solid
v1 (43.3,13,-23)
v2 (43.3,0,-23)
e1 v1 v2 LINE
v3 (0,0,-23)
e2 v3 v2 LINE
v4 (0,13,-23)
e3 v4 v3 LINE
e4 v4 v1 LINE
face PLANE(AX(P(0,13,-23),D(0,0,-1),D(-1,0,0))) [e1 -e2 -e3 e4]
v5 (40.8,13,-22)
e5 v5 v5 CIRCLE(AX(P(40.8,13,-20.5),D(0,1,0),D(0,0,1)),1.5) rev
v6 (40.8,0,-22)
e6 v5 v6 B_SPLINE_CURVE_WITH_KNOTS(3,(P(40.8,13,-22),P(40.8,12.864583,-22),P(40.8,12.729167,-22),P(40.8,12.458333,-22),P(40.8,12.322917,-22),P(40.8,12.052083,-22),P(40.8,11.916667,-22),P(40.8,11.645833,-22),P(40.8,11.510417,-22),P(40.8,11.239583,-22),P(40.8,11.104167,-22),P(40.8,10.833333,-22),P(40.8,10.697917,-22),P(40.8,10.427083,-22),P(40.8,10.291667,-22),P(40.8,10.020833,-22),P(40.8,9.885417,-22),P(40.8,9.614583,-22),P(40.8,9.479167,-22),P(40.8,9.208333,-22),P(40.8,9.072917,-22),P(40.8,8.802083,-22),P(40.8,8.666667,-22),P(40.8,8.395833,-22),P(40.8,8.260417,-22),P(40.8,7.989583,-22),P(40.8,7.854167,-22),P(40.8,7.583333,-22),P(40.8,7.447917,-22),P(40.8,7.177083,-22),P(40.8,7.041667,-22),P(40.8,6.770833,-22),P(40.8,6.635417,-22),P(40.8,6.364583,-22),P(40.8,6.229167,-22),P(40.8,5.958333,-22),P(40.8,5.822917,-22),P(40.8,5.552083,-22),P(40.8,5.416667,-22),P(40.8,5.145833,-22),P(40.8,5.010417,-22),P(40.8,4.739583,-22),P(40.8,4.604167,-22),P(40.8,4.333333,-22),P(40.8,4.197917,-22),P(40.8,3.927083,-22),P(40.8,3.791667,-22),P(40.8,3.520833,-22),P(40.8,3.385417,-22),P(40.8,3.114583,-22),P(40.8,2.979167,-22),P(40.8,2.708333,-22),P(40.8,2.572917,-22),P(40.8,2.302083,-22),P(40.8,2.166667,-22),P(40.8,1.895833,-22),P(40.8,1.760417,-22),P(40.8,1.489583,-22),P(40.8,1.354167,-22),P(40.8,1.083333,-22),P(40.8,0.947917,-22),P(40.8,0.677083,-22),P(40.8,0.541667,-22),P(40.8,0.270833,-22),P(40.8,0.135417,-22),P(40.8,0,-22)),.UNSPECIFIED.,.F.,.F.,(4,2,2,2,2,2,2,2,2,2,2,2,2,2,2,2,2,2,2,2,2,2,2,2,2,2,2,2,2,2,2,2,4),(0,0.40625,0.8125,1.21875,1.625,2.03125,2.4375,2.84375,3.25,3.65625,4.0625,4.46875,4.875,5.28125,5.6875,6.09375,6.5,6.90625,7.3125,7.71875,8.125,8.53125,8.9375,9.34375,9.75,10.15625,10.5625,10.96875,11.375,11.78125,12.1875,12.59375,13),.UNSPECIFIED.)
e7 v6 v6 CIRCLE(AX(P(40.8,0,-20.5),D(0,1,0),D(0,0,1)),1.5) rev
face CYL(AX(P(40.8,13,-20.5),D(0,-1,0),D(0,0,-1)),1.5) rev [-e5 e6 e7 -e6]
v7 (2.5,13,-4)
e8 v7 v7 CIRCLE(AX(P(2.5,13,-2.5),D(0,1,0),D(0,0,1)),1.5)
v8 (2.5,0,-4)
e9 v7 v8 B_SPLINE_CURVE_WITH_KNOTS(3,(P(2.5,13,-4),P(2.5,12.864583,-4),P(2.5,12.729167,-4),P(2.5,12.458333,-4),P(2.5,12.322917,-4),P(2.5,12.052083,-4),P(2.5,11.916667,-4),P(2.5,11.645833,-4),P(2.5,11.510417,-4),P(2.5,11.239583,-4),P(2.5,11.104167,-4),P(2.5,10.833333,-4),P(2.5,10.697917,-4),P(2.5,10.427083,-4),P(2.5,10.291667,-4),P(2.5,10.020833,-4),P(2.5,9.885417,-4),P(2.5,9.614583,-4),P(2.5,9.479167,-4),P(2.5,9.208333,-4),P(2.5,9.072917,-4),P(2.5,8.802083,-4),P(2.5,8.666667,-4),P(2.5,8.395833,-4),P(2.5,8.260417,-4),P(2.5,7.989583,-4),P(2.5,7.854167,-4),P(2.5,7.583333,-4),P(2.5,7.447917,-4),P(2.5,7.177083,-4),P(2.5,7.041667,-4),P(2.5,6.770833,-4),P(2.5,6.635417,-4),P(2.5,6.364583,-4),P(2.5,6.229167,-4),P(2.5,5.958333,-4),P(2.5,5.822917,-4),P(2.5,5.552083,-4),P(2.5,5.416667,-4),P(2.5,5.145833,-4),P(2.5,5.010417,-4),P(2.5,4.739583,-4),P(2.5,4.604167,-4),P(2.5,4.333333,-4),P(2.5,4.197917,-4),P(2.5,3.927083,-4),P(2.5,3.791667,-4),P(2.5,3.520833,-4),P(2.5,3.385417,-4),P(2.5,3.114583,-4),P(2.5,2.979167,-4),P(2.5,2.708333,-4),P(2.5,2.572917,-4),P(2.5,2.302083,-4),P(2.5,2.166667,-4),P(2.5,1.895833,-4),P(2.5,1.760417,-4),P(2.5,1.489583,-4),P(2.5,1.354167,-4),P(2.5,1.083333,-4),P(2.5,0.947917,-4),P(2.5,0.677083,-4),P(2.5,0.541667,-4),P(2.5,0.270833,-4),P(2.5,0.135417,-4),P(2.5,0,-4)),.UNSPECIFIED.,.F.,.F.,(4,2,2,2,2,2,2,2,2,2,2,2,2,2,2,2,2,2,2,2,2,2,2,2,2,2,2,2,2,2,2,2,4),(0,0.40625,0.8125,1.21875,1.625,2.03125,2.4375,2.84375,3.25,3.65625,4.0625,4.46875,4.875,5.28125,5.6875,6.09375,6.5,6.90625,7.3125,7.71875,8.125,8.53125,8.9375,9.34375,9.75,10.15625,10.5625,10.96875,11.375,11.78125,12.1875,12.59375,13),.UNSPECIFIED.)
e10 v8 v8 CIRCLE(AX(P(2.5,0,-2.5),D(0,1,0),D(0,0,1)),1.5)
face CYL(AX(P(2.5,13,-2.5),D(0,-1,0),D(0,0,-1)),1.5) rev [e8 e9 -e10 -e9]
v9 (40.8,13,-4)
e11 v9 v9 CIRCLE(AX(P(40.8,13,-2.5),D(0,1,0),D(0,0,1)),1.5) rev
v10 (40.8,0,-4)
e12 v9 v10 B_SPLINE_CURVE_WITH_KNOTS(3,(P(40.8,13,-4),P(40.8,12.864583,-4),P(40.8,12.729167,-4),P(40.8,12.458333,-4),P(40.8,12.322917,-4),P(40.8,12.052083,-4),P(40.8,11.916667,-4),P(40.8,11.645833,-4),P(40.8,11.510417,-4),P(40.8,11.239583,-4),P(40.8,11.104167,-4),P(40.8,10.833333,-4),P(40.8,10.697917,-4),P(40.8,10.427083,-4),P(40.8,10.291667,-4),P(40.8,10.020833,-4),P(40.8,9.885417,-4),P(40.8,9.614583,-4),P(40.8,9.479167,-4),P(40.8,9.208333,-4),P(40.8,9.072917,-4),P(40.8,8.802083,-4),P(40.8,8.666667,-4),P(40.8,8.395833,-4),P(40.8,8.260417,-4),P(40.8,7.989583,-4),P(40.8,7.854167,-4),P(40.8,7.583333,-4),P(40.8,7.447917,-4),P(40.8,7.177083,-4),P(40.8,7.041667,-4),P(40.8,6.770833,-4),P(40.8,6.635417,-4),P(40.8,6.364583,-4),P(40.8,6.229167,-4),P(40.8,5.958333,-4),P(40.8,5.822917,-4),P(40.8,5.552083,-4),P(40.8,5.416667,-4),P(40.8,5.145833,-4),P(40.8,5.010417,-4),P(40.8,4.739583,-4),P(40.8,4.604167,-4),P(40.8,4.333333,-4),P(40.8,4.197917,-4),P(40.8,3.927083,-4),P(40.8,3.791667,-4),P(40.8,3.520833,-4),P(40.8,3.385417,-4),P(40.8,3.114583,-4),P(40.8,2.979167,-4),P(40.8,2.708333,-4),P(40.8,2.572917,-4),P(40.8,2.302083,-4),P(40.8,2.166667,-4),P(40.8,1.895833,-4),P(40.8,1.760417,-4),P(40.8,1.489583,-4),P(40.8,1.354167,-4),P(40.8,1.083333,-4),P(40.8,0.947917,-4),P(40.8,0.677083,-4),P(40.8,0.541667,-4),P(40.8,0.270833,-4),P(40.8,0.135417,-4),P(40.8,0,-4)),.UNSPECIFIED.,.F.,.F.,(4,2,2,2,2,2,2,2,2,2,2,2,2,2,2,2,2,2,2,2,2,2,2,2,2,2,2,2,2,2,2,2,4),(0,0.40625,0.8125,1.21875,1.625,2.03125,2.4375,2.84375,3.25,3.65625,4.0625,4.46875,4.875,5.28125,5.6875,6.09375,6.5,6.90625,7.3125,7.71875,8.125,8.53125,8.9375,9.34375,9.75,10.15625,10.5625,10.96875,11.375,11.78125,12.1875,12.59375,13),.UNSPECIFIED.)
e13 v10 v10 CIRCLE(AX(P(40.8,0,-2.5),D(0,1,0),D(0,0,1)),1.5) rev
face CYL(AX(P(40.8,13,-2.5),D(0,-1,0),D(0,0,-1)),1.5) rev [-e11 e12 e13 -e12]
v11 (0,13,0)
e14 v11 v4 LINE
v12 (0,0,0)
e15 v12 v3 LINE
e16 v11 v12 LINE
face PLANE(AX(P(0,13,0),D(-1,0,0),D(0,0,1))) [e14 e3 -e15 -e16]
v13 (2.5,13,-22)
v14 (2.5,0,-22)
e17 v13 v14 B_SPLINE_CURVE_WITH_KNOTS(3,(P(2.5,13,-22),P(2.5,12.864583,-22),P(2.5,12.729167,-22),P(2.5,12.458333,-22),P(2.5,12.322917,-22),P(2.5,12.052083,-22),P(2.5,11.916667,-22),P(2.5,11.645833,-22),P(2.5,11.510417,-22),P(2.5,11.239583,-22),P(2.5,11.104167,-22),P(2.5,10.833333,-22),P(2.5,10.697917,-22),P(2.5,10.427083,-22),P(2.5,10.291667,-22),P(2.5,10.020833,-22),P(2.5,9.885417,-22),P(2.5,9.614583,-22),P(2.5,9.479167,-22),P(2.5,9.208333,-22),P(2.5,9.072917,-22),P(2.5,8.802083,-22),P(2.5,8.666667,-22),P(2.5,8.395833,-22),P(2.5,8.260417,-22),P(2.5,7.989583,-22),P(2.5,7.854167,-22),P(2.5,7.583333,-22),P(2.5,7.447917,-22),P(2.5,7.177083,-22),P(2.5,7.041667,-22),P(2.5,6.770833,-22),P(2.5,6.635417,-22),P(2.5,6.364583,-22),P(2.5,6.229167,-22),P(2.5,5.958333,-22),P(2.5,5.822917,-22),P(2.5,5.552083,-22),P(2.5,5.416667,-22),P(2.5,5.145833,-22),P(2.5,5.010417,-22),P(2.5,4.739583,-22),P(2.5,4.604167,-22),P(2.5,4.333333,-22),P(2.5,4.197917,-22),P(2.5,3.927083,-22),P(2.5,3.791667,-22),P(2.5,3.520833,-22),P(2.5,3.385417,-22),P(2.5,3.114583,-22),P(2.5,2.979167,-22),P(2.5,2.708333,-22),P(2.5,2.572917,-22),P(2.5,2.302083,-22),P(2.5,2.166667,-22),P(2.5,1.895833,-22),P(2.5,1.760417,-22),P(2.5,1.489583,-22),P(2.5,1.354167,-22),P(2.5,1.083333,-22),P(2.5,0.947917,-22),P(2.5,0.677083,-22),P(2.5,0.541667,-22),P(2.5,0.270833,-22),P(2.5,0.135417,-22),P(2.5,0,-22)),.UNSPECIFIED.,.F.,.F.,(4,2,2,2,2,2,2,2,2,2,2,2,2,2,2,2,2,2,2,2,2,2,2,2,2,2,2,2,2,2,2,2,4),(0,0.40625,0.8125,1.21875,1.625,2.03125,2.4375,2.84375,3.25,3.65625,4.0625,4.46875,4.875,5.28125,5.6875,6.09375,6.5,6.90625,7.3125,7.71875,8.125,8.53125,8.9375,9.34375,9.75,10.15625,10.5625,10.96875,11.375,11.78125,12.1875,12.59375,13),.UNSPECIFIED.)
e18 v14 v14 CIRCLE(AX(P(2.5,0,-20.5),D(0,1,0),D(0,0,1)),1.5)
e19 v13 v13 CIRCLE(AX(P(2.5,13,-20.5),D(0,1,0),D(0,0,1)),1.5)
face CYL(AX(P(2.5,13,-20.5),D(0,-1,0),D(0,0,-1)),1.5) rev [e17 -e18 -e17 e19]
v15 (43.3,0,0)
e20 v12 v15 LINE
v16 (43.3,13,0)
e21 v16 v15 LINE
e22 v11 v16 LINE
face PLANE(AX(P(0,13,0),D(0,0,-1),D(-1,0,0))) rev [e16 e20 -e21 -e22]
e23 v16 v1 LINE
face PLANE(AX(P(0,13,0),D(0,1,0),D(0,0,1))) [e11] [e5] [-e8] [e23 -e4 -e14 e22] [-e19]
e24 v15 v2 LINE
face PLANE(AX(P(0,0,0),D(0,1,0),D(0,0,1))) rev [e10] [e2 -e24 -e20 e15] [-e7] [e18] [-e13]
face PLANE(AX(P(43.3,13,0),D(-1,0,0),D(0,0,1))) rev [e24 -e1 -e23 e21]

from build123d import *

# Parameters (mm, degrees)
SZKIC1_W                    = 43.3
SZKIC1_H                    = 23
SZKIC1_R                    = 1.5
DODANIE_WYCI_GNI_CIE1_DEPTH = 13


with BuildPart() as part:
    # Szkic1 → Dodanie-wyciągnięcie1 (new body)
    with BuildSketch(Plane(origin=(0, 0, 0), x_dir=(1, 0, 0), z_dir=(0, 1, 0))):
        with Locations((21.65, 11.5)):
            Rectangle(SZKIC1_W, SZKIC1_H)
        with Locations(Location((40.8, 2.5, 0), (0, 0, 90))):
            Circle(SZKIC1_R, mode=Mode.SUBTRACT)
        with Locations(Location((2.5, 2.5, 0), (0, 0, 90))):
            Circle(SZKIC1_R, mode=Mode.SUBTRACT)
        with Locations(Location((2.5, 20.5, 0), (0, 0, 90))):
            Circle(SZKIC1_R, mode=Mode.SUBTRACT)
        with Locations(Location((40.8, 20.5, 0), (0, 0, 90))):
            Circle(SZKIC1_R, mode=Mode.SUBTRACT)
    extrude(amount=DODANIE_WYCI_GNI_CIE1_DEPTH)


solid = part.part
